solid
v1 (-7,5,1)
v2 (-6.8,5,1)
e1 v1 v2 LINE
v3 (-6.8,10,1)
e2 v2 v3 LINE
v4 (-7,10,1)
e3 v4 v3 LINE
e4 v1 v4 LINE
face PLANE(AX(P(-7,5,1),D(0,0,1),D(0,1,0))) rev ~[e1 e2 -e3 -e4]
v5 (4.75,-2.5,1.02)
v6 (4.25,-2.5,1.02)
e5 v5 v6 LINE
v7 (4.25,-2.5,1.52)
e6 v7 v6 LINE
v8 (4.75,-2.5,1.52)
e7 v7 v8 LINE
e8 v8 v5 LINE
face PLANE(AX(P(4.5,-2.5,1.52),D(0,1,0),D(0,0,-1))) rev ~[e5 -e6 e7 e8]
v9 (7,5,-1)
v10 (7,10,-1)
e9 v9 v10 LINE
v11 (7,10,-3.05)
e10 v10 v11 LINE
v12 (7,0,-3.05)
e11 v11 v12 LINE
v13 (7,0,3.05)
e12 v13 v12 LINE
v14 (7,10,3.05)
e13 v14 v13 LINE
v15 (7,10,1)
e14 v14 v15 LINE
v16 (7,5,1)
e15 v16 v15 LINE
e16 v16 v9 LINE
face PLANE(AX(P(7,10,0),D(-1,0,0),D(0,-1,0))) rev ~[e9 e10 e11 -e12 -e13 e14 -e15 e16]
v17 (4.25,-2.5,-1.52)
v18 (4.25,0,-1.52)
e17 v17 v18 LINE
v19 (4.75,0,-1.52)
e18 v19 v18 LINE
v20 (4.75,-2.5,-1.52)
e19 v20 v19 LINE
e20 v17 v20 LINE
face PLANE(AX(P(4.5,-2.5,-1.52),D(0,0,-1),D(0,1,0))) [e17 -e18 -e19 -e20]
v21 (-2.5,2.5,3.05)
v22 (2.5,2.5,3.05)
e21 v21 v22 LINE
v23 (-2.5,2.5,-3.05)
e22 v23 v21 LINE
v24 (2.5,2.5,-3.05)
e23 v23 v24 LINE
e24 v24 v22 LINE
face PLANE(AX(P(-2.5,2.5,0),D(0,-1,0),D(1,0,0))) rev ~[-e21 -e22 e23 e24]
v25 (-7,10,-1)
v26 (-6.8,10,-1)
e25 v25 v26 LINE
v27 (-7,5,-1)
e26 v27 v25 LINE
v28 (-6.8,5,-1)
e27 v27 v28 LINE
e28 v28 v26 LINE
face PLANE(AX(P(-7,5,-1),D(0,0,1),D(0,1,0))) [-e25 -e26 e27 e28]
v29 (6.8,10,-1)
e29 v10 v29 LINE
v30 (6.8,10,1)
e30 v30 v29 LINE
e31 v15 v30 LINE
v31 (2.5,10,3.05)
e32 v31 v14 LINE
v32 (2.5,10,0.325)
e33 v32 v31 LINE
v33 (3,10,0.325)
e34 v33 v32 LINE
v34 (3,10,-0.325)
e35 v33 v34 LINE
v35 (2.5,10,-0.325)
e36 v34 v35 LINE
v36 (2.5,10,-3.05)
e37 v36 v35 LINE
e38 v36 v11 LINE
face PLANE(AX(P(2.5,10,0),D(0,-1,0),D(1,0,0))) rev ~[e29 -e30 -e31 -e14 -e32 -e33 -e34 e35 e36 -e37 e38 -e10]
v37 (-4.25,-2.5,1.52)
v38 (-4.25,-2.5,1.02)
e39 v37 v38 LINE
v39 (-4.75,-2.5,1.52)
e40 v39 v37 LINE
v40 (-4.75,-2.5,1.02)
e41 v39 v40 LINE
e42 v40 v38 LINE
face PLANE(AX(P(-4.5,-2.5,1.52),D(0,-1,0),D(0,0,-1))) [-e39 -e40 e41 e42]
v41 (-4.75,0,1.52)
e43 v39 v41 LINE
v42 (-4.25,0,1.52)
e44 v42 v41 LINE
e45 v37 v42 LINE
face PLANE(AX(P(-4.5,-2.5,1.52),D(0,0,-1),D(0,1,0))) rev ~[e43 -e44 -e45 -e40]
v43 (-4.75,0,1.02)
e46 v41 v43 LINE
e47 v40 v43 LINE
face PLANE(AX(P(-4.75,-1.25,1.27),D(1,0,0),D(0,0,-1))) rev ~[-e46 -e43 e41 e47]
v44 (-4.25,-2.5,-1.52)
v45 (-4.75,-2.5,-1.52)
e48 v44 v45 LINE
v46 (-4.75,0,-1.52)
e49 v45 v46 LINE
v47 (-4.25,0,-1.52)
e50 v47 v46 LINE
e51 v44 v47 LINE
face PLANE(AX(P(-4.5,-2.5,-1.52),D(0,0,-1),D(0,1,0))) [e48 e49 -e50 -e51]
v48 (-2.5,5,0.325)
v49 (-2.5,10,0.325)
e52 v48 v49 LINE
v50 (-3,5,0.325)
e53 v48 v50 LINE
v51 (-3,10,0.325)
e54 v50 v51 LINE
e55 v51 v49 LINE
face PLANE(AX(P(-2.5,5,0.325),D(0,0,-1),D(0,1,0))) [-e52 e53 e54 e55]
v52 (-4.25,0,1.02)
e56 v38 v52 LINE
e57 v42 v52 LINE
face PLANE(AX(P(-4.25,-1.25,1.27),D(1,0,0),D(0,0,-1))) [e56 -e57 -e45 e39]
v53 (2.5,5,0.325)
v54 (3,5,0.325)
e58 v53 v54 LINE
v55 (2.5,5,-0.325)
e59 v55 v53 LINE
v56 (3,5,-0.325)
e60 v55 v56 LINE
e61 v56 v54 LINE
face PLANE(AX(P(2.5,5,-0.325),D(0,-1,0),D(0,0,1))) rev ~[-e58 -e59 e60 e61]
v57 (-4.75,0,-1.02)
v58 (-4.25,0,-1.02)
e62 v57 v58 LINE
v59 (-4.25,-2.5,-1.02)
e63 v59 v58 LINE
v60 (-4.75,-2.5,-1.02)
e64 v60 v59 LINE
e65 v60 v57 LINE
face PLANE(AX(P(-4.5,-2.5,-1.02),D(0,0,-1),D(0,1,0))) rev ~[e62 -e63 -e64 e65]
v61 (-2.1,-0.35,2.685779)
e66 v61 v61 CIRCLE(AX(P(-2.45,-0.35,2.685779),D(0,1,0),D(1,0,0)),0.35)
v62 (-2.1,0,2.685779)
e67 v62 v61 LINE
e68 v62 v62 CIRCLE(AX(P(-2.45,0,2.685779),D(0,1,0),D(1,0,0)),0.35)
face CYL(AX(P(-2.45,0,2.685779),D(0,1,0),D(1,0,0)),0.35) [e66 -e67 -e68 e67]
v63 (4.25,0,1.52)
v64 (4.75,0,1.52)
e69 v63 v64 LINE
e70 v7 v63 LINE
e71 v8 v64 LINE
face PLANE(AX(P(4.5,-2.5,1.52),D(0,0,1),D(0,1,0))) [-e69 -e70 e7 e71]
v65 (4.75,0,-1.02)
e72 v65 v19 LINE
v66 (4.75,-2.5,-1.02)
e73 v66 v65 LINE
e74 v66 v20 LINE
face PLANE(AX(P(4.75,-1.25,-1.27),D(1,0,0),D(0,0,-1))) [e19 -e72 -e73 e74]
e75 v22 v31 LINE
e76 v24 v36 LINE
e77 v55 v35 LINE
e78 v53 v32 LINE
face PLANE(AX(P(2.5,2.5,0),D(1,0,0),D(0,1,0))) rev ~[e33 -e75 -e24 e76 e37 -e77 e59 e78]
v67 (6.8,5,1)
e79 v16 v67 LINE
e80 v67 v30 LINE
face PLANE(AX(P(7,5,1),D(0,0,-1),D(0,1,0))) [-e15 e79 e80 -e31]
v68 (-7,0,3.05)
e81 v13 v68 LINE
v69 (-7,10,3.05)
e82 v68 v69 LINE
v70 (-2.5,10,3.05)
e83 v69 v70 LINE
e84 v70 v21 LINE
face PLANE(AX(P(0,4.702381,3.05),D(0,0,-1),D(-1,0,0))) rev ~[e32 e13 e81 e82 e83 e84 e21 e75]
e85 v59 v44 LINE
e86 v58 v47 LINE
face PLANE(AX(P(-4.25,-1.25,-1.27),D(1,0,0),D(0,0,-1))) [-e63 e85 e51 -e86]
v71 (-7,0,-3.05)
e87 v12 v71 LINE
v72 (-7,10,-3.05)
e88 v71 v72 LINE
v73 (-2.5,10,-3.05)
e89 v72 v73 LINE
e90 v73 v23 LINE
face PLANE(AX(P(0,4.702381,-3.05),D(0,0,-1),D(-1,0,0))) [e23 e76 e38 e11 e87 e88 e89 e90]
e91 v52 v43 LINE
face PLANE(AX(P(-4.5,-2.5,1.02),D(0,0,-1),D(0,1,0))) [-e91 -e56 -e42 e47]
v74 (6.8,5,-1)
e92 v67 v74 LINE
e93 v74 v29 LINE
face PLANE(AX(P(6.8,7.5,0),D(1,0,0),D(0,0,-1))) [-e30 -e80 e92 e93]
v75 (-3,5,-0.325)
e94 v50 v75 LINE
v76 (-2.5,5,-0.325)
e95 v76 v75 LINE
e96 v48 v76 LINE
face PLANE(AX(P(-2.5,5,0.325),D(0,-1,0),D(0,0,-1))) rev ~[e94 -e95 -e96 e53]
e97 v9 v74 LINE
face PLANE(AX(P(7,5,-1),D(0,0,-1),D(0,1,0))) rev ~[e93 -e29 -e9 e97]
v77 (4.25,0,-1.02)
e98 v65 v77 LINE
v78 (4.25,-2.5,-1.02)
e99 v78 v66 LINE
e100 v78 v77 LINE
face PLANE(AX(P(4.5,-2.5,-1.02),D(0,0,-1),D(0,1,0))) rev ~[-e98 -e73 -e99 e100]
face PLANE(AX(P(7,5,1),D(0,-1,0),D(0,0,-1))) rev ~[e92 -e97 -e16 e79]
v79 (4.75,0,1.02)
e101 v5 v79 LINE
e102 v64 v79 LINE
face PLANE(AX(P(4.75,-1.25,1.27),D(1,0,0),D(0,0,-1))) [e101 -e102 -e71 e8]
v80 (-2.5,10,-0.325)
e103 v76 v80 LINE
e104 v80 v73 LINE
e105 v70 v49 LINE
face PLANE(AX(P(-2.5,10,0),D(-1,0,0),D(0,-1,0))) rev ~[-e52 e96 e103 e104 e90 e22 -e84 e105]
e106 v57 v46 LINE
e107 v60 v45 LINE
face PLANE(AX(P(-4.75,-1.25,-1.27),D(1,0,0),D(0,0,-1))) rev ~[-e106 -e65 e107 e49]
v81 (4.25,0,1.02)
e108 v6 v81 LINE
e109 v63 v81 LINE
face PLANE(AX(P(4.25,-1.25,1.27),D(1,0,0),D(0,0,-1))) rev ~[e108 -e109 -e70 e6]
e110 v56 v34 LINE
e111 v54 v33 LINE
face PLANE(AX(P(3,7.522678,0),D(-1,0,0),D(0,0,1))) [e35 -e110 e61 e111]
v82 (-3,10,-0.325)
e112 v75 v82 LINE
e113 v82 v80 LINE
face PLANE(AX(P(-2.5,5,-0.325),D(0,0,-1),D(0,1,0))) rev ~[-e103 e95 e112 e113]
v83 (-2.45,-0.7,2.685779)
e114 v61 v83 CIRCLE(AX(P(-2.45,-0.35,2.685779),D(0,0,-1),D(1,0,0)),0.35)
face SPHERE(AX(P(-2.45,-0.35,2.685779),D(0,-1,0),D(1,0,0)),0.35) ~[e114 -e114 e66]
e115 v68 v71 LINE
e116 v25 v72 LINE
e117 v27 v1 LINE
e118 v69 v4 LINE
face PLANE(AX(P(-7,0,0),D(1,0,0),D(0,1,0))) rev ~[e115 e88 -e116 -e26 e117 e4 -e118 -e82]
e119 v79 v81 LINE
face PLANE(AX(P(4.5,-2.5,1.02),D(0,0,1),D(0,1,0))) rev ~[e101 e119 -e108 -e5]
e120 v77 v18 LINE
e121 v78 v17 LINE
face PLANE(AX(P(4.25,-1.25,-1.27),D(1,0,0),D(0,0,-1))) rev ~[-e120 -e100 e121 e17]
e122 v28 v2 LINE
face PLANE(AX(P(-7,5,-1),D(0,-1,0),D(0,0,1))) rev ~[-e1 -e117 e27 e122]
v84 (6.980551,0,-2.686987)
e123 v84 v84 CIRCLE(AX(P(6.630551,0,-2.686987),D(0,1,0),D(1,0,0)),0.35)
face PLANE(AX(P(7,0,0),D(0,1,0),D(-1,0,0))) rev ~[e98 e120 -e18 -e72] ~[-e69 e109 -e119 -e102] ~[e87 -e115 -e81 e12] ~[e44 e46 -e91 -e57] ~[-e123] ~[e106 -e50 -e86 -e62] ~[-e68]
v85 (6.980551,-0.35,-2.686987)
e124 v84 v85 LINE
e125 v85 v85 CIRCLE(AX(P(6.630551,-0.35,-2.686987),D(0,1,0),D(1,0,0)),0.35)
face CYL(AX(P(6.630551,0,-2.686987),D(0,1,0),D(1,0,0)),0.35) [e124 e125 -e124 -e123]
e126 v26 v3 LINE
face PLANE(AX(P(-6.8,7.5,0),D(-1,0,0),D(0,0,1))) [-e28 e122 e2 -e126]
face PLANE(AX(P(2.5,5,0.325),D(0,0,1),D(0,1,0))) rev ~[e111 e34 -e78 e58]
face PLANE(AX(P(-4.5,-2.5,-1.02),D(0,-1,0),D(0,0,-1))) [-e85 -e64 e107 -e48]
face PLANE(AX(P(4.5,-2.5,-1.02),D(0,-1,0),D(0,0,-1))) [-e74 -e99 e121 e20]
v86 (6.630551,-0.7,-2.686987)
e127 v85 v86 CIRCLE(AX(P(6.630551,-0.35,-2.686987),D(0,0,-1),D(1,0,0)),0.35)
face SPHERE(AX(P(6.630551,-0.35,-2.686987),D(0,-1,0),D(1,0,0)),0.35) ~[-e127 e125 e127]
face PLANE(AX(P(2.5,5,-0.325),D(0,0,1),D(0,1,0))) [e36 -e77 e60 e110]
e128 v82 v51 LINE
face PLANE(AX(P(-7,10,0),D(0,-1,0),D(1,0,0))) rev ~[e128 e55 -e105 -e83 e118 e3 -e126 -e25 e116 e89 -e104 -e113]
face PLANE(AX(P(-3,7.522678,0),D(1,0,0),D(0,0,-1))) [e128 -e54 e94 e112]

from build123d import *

# Parameters (mm, degrees)
EXTRUDE1_DEPTH           = 3.05
EXTRUDE1_DEPTH_BACK      = 3.05
EXTRUDE_THIN1_DEPTH      = 0.25
EXTRUDE_THIN1_DEPTH_BACK = 0.25
SKETCH2_W                = 0.5
SKETCH2_H                = 2.5
EXTRUDE_THIN2_DEPTH      = 0.25
EXTRUDE_THIN2_DEPTH_BACK = 0.25
SKETCH2_3_W              = 0.5
SKETCH2_3_H              = 2.5
EXTRUDE_THIN3_DEPTH      = 0.25
EXTRUDE_THIN3_DEPTH_BACK = 0.25
SKETCH3_W                = 0.5
SKETCH3_H                = 2.5
EXTRUDE_THIN4_DEPTH      = 0.25
EXTRUDE_THIN4_DEPTH_BACK = 0.25
SKETCH3_3_W              = 0.5
SKETCH3_3_H              = 2.5
SKETCH4_R                = 0.35
EXTRUDE2_DEPTH           = 0.7
FILLET1_R                = 0.35
SKETCH5_W                = 2
SKETCH5_H                = 5
CUT_EXTRUDE1_DEPTH       = 0.2
SKETCH6_W                = 2
SKETCH6_H                = 5
CUT_EXTRUDE2_DEPTH       = 0.2
SKETCH7_W                = 0.65
SKETCH7_H                = 5.045356776
CUT_EXTRUDE3_DEPTH       = 0.5
SKETCH8_W                = 0.65
SKETCH8_H                = 5.045356776
CUT_EXTRUDE4_DEPTH       = 0.5


with BuildPart() as part:
    # Sketch1 → Extrude1 (new, two sides: drawn at the far end of the back side and taken through both)
    with BuildSketch(Plane.XY.offset(-EXTRUDE1_DEPTH_BACK)):
        Polygon((2.5, 10), (7, 10), (7, 0), (-7, 0), (-7, 10), (-2.5, 10), (-2.5, 2.5), (2.5, 2.5), align=None)
    extrude(amount=EXTRUDE1_DEPTH + EXTRUDE1_DEPTH_BACK)

    # Sketch2 → Extrude-Thin1 (add, two sides: drawn at the far end of the back side and taken through both)
    with BuildSketch(Plane(origin=(4.5, 0, 0), x_dir=(0, 0, -1), z_dir=(1, 0, 0)).offset(-EXTRUDE_THIN1_DEPTH_BACK)):
        with Locations((1.27, -1.25)):
            Rectangle(SKETCH2_W, SKETCH2_H)
    extrude(amount=EXTRUDE_THIN1_DEPTH + EXTRUDE_THIN1_DEPTH_BACK)

    # Sketch2<3> → Extrude-Thin2 (add, two sides: drawn at the far end of the back side and taken through both)
    with BuildSketch(Plane(origin=(4.5, 0, 0), x_dir=(0, 0, -1), z_dir=(1, 0, 0)).offset(-EXTRUDE_THIN2_DEPTH_BACK)):
        with Locations((-1.27, -1.25)):
            Rectangle(SKETCH2_3_W, SKETCH2_3_H)
    extrude(amount=EXTRUDE_THIN2_DEPTH + EXTRUDE_THIN2_DEPTH_BACK)

    # Sketch3 → Extrude-Thin3 (add, two sides: drawn at the far end of the back side and taken through both)
    with BuildSketch(Plane(origin=(-4.5, 0, 0), x_dir=(0, 0, -1), z_dir=(1, 0, 0)).offset(-EXTRUDE_THIN3_DEPTH_BACK)):
        with Locations((1.27, -1.25)):
            Rectangle(SKETCH3_W, SKETCH3_H)
    extrude(amount=EXTRUDE_THIN3_DEPTH + EXTRUDE_THIN3_DEPTH_BACK)

    # Sketch3<3> → Extrude-Thin4 (add, two sides: drawn at the far end of the back side and taken through both)
    with BuildSketch(Plane(origin=(-4.5, 0, 0), x_dir=(0, 0, -1), z_dir=(1, 0, 0)).offset(-EXTRUDE_THIN4_DEPTH_BACK)):
        with Locations((-1.27, -1.25)):
            Rectangle(SKETCH3_3_W, SKETCH3_3_H)
    extrude(amount=EXTRUDE_THIN4_DEPTH + EXTRUDE_THIN4_DEPTH_BACK)

    # Sketch4 → Extrude2 (add)
    with BuildSketch(Plane(origin=(0, 0, 0), x_dir=(1, 0, 0), z_dir=(0, 1, 0))):
        with Locations((-2.45, -2.685779489)):
            Circle(SKETCH4_R)
        with Locations((6.630550891, 2.686987207)):
            Circle(SKETCH4_R)
    extrude(amount=-EXTRUDE2_DEPTH)

    # Fillet1
    fillet1_edges = [part.edges().sort_by_distance(p)[0] for p in [
        (6.280550891, -0.7, -2.686987207),
        (-2.8, -0.7, 2.685779489),
    ]]
    fillet(fillet1_edges, radius=FILLET1_R)

    # Sketch5 → Cut-Extrude1 (cut)
    with BuildSketch(Plane(origin=(7, 0, 0), x_dir=(0, 0, -1), z_dir=(1, 0, 0))):
        with Locations((0, 7.5)):
            Rectangle(SKETCH5_W, SKETCH5_H)
    extrude(amount=-CUT_EXTRUDE1_DEPTH, mode=Mode.SUBTRACT)

    # Sketch6 → Cut-Extrude2 (cut)
    with BuildSketch(Plane.ZY.offset(7)):
        with Locations((0, 7.5)):
            Rectangle(SKETCH6_W, SKETCH6_H)
    extrude(amount=-CUT_EXTRUDE2_DEPTH, mode=Mode.SUBTRACT)

    # Sketch7 → Cut-Extrude3 (cut)
    with BuildSketch(Plane.ZY.offset(-2.5)):
        with Locations((0, 7.522678388)):
            Rectangle(SKETCH7_W, SKETCH7_H)
    extrude(amount=-CUT_EXTRUDE3_DEPTH, mode=Mode.SUBTRACT)

    # Sketch8 → Cut-Extrude4 (cut)
    with BuildSketch(Plane(origin=(-2.5, 0, 0), x_dir=(0, 0, -1), z_dir=(1, 0, 0))):
        with Locations((0, 7.522678388)):
            Rectangle(SKETCH8_W, SKETCH8_H)
    extrude(amount=-CUT_EXTRUDE4_DEPTH, mode=Mode.SUBTRACT)


solid = part.part
